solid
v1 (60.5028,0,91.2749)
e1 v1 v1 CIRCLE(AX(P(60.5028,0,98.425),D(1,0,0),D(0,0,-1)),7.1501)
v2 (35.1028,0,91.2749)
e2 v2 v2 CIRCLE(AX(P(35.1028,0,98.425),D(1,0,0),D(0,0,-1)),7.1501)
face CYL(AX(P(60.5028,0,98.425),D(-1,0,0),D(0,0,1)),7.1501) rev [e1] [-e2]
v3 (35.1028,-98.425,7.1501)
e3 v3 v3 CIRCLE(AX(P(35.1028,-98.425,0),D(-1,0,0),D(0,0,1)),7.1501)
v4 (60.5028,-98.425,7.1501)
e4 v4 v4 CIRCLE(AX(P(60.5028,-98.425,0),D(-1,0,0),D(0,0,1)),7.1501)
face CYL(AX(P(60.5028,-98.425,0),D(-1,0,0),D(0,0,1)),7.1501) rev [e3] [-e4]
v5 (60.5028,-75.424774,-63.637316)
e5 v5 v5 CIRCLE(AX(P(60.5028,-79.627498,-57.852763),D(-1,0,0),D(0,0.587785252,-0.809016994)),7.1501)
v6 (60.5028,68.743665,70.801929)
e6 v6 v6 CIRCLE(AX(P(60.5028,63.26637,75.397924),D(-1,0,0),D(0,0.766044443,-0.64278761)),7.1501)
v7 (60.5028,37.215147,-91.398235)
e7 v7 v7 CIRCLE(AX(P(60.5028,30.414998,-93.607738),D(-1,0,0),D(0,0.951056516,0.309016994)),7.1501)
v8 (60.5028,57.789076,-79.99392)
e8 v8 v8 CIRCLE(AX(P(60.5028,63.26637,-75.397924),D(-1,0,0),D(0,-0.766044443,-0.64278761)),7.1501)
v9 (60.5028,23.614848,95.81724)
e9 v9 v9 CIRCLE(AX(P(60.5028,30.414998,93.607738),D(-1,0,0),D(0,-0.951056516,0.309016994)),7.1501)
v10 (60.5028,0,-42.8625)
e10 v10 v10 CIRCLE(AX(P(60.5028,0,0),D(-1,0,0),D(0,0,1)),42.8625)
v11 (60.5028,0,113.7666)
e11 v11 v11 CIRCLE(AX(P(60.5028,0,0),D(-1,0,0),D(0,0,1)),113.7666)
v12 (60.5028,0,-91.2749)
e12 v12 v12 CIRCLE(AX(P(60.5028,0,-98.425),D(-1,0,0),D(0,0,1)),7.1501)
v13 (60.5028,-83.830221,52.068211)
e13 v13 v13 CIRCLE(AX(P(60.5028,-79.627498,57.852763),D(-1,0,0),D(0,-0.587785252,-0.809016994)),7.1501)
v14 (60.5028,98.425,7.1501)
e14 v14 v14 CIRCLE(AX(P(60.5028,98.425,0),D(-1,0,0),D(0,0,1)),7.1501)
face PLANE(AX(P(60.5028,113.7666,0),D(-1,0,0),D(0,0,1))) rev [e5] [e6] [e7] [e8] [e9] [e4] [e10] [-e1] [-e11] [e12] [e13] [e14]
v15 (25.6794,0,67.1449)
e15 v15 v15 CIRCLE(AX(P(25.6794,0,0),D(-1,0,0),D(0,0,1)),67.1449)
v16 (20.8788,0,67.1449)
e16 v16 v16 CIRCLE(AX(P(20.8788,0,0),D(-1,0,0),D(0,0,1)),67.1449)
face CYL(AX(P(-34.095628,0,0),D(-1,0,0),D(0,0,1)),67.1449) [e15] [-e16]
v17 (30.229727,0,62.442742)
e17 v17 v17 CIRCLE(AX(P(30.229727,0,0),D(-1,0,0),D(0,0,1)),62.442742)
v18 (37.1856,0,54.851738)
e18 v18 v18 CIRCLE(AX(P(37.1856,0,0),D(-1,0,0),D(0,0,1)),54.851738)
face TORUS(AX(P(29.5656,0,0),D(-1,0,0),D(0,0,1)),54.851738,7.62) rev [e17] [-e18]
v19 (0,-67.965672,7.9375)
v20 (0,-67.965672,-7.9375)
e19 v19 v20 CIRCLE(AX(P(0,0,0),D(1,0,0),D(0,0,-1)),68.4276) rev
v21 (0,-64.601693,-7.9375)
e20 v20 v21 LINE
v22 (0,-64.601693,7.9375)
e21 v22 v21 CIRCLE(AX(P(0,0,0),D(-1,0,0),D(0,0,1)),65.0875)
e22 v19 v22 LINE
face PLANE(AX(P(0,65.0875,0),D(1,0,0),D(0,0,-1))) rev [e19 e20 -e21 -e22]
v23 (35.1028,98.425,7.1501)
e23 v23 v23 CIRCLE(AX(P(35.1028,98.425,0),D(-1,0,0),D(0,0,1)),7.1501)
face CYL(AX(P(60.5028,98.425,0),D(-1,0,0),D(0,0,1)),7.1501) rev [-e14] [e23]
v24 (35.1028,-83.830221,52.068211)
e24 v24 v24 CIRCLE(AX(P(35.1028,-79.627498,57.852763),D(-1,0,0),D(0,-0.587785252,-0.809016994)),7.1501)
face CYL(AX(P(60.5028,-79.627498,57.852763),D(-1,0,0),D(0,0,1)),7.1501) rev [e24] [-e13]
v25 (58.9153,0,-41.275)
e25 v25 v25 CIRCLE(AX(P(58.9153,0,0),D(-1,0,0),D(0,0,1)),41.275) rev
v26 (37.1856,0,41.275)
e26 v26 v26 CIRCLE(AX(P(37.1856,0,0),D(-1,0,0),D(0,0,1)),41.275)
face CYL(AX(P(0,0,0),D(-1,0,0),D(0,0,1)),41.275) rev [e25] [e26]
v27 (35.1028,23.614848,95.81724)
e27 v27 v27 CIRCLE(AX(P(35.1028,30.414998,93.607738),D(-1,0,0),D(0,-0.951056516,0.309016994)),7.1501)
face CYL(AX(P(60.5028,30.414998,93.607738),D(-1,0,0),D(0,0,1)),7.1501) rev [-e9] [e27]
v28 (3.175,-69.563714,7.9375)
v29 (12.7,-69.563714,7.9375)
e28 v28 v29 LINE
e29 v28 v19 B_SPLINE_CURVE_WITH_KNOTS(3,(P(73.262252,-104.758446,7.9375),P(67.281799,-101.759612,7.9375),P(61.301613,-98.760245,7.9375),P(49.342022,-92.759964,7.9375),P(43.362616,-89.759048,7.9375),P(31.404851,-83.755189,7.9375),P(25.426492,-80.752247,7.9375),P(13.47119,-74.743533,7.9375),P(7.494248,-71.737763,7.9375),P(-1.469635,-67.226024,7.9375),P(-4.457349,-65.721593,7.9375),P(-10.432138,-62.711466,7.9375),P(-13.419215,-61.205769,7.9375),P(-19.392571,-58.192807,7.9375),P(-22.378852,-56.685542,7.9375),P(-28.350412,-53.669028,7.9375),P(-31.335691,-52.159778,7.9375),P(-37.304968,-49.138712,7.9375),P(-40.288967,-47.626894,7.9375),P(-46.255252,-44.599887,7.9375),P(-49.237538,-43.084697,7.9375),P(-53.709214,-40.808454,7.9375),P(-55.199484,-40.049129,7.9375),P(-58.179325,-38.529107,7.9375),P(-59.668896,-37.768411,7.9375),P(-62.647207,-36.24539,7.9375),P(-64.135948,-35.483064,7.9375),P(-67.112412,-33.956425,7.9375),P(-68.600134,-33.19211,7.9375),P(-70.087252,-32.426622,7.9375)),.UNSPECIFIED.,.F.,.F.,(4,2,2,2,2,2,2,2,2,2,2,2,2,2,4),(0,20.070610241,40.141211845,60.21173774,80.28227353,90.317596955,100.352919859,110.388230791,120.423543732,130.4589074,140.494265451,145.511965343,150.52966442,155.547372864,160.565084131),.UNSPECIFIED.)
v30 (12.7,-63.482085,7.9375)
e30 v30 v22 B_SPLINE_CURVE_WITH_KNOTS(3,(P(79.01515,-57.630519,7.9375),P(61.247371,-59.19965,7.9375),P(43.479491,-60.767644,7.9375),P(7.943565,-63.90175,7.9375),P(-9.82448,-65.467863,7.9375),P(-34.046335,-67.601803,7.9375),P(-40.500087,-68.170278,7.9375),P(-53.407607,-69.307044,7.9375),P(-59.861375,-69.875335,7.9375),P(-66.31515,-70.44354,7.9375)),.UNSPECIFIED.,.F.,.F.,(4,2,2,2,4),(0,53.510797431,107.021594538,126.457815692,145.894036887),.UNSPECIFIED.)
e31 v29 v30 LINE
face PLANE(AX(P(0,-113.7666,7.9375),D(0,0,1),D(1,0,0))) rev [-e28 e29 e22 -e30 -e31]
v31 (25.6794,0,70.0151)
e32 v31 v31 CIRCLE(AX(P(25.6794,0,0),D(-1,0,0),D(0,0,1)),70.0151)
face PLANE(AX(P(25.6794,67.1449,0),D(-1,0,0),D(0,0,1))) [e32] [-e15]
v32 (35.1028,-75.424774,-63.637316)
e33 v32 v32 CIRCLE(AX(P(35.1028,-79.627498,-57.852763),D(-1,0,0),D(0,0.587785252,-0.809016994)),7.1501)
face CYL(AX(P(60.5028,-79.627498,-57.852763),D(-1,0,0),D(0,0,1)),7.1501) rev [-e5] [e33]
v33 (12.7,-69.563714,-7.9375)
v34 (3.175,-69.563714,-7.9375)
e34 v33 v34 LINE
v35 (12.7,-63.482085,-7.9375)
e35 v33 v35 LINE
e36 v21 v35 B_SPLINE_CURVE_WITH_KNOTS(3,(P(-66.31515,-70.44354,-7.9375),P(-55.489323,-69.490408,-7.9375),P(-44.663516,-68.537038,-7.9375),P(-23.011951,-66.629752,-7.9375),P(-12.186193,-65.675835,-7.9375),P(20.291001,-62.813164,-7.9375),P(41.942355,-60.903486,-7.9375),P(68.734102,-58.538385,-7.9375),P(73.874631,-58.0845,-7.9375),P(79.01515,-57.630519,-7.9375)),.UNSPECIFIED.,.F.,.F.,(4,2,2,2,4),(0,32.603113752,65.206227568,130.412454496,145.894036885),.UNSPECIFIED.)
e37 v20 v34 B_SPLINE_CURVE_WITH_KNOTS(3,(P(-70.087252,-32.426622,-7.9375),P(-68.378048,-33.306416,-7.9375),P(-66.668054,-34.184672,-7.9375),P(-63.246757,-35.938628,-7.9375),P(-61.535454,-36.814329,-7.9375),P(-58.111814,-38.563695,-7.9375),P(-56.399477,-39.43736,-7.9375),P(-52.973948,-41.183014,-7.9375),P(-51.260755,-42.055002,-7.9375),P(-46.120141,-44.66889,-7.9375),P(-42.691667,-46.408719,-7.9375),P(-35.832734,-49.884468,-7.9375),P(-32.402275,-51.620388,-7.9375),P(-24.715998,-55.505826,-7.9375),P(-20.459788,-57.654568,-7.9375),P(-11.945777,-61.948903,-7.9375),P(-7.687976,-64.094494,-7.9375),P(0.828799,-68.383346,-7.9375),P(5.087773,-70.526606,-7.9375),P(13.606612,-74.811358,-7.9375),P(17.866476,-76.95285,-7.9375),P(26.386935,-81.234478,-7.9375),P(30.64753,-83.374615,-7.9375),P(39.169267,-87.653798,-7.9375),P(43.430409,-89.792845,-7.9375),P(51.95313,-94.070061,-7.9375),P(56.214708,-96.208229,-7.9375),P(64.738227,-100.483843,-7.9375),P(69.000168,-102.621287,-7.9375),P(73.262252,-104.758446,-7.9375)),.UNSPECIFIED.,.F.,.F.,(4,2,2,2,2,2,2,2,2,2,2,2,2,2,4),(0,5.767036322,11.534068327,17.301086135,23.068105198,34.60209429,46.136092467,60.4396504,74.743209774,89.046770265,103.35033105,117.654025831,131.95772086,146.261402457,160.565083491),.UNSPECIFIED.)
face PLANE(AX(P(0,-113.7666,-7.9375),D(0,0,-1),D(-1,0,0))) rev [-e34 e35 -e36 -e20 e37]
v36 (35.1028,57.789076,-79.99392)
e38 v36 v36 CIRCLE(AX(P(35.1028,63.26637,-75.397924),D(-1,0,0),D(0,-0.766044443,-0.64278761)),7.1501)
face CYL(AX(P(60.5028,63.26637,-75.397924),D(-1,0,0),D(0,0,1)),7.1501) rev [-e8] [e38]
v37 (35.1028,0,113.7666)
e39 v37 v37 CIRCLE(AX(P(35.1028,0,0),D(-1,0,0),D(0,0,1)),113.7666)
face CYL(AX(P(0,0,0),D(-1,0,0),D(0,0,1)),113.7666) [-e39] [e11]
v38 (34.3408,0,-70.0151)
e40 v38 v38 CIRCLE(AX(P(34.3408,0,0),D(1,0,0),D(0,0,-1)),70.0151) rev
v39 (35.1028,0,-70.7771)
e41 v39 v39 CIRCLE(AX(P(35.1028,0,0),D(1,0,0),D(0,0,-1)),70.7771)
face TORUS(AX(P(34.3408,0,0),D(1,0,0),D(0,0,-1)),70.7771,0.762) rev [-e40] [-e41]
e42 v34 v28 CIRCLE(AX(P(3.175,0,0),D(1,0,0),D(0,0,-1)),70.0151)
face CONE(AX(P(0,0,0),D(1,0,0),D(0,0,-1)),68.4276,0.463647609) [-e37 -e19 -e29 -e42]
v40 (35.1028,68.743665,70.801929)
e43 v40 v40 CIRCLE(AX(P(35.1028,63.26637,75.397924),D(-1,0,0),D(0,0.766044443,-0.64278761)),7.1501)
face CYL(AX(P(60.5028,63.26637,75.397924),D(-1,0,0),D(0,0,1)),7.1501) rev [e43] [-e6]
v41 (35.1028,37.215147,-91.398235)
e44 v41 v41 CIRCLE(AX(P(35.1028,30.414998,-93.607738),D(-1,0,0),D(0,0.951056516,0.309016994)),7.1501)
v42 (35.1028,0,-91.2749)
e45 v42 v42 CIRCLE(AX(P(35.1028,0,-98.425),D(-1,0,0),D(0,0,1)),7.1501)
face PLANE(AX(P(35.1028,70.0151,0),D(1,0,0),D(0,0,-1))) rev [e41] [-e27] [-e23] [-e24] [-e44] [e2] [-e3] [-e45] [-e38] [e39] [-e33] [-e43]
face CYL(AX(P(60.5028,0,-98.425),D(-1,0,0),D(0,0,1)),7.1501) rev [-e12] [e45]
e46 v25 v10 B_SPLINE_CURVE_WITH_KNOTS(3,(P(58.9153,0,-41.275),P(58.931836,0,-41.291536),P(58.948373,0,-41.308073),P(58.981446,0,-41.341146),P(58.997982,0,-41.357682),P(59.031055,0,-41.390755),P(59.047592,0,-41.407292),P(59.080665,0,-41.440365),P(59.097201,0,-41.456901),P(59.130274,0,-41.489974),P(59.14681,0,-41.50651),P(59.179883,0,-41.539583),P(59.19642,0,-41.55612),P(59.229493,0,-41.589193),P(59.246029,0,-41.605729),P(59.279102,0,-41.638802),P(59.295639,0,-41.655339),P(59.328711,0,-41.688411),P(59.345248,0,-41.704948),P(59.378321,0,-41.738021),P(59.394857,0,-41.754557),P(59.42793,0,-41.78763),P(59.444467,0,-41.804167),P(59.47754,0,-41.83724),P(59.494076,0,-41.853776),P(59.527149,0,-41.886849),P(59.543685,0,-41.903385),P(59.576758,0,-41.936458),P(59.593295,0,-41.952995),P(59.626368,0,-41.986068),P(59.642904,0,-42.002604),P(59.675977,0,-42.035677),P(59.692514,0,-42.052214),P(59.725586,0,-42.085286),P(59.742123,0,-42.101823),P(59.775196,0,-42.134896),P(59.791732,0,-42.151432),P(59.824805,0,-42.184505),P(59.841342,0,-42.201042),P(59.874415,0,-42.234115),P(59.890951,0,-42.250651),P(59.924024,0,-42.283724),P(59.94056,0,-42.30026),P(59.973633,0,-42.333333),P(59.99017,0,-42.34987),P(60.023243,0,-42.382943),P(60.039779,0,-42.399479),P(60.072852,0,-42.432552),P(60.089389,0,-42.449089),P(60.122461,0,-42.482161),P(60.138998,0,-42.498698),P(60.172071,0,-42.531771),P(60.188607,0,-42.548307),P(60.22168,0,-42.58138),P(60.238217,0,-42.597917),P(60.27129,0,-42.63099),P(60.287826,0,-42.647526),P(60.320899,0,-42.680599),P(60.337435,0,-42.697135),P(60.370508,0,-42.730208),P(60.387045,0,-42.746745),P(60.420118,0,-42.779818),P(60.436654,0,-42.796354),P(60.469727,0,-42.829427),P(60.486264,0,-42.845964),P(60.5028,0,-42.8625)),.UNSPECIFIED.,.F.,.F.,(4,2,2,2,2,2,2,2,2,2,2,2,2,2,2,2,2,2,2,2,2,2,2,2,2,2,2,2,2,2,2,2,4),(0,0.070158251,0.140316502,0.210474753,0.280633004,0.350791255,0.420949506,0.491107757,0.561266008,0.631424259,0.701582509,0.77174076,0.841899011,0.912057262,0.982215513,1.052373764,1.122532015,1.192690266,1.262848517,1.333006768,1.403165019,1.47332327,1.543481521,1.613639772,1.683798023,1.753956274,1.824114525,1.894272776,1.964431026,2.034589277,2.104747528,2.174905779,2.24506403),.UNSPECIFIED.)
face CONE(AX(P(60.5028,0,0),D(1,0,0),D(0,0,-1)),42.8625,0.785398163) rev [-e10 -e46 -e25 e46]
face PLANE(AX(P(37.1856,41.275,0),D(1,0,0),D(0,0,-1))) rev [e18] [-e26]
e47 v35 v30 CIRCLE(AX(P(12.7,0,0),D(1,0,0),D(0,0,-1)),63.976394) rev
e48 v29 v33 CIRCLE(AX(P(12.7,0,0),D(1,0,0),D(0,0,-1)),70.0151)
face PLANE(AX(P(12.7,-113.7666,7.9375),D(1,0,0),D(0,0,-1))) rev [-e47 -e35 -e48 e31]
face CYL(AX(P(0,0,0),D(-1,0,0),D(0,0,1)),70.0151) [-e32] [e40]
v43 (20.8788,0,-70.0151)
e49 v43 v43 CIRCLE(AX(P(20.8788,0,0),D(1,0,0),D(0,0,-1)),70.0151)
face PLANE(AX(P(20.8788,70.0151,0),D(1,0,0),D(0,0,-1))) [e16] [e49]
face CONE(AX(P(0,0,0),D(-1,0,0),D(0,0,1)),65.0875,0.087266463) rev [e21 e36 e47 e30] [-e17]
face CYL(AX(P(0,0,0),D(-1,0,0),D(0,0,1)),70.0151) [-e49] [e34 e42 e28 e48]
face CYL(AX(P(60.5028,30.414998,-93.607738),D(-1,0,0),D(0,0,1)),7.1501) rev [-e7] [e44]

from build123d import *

# Parameters (mm, degrees)
CHAMFER2_SIZE      = 1.5875
SKETCH3_R          = 7.1501
CUT_EXTRUDE1_DEPTH = 165.675089552
CIRPATTERN1_COUNT  = 5
FILLET1_R          = 0.762
CHAMFER3_SIZE      = 3.175
CHAMFER3_SIZE2     = 1.5875
SKETCH4_R          = 7.1501
CUT_EXTRUDE2_DEPTH = 165.675089552
SKETCH5_R          = 7.1501
CUT_EXTRUDE3_DEPTH = 165.675089552
CIRPATTERN2_COUNT  = 36
SKETCH8_W          = 12.7
SKETCH8_H          = 15.875
CUT_EXTRUDE4_DEPTH = 172.890277093


with BuildPart() as part:
    # Sketch1 → Revolve1 (revolve)
    with BuildSketch(Plane.XY, mode=Mode.PRIVATE) as revolve1_sk:
        with BuildLine():
            Line((0, 65.0875), (0, 70.0151))
            Line((0, 70.0151), (35.1028, 70.0151))
            Line((35.1028, 70.0151), (35.1028, 113.7666))
            Line((35.1028, 113.7666), (60.5028, 113.7666))
            Line((60.5028, 113.7666), (60.5028, 41.275))
            Line((60.5028, 41.275), (37.1856, 41.275))
            Line((37.1856, 41.275), (37.1856, 54.851738008))
            ThreePointArc((37.1856, 54.851738008), (35.183653306, 59.99973539), (30.22972676, 62.442741607))
            Line((30.22972676, 62.442741607), (0, 65.0875))
        make_face()
    revolve(revolve1_sk.sketch.rotate(Axis((0, 0, 0), (1, 0, 0)), 90), axis=Axis((0, 0, 0), (1, 0, 0)))

    # Chamfer2
    chamfer2_edges = [part.edges().sort_by_distance(p)[0] for p in [
        (60.5028, 0, -41.275),
    ]]
    chamfer(chamfer2_edges, length=CHAMFER2_SIZE)

    # Sketch3 → Cut-Extrude1 (cut, through all)
    with BuildSketch(Plane.ZY.offset(-35.1028)):
        with Locations((0, 98.425)):
            Circle(SKETCH3_R)
    cut_extrude1 = extrude(amount=-CUT_EXTRUDE1_DEPTH, mode=Mode.SUBTRACT)

    # CirPattern1: Cut-Extrude1 ×5 about axis
    cirpattern1_axis = Axis((0, 0, 0), (1, 0, 0))
    for i in range(1, CIRPATTERN1_COUNT):
        add(cut_extrude1.rotate(cirpattern1_axis, i * 360 / CIRPATTERN1_COUNT), mode=Mode.SUBTRACT)

    # Fillet1
    fillet1_edges = [part.edges().sort_by_distance(p)[0] for p in [
        (35.1028, 0, -70.0151),
    ]]
    fillet(fillet1_edges, radius=FILLET1_R)

    # Chamfer3
    chamfer3_edges = [part.edges().sort_by_distance(p)[0] for p in [
        (0, 0, -70.0151),
    ]]
    chamfer3_side = [part.faces().sort_by_distance(p)[0] for p in [
        (17.1704, 0, -70.0151),
    ]]
    chamfer(chamfer3_edges, length=CHAMFER3_SIZE, length2=CHAMFER3_SIZE2, reference=chamfer3_side[0])

    # Sketch4 → Cut-Extrude2 (cut, through all)
    with BuildSketch(Plane.ZY.offset(-35.1028)):
        with Locations((-98.425, 0)):
            Circle(SKETCH4_R)
    cut_extrude2 = extrude(amount=-CUT_EXTRUDE2_DEPTH, mode=Mode.SUBTRACT)

    # Mirror1: Cut-Extrude2 across plane
    add(cut_extrude2.mirror(Plane.XY), mode=Mode.SUBTRACT)

    # Sketch5 → Cut-Extrude3 (cut, through all)
    with BuildSketch(Plane.ZY.offset(-35.1028)):
        with Locations((0, -98.425)):
            Circle(SKETCH5_R)
    cut_extrude3 = extrude(amount=-CUT_EXTRUDE3_DEPTH, mode=Mode.SUBTRACT)

    # CirPattern2: Cut-Extrude3 ×36 about axis, 33 skipped
    cirpattern2_axis = Axis((0, 0, 0), (-1, 0, 0))
    add([cut_extrude3.rotate(cirpattern2_axis, i * 360 / CIRPATTERN2_COUNT) for i in range(1, CIRPATTERN2_COUNT) if i not in (1, 2, 3, 4, 5, 6, 7, 8, 9, 10, 11, 12, 14, 15, 16, 17, 18, 19, 20, 21, 22, 24, 25, 26, 27, 28, 29, 30, 31, 32, 33, 34, 35)], mode=Mode.SUBTRACT)

    # Sketch7 → Cut-Revolve1 (revolve, cut)
    with BuildSketch(Plane.XY, mode=Mode.PRIVATE) as cut_revolve1_sk:
        Polygon((20.8788, 70.0151), (20.8788, 67.1449), (25.6794, 67.1449), (25.6794, 70.0151), (25.6794, 72.174819971), (20.8788, 72.174819971), align=None)
    revolve(cut_revolve1_sk.sketch.rotate(Axis((-34.095628325, 0, 0), (1, 0, 0)), 270), axis=Axis((-34.095628325, 0, 0), (1, 0, 0)), mode=Mode.SUBTRACT)

    # Sketch8 → Cut-Extrude4 (cut, through all)
    with BuildSketch(Plane(origin=(0, 0, 0), x_dir=(1, 0, 0), z_dir=(0, 1, 0))):
        with Locations((6.35, 0)):
            Rectangle(SKETCH8_W, SKETCH8_H)
    extrude(amount=-CUT_EXTRUDE4_DEPTH, mode=Mode.SUBTRACT)


solid = part.part
